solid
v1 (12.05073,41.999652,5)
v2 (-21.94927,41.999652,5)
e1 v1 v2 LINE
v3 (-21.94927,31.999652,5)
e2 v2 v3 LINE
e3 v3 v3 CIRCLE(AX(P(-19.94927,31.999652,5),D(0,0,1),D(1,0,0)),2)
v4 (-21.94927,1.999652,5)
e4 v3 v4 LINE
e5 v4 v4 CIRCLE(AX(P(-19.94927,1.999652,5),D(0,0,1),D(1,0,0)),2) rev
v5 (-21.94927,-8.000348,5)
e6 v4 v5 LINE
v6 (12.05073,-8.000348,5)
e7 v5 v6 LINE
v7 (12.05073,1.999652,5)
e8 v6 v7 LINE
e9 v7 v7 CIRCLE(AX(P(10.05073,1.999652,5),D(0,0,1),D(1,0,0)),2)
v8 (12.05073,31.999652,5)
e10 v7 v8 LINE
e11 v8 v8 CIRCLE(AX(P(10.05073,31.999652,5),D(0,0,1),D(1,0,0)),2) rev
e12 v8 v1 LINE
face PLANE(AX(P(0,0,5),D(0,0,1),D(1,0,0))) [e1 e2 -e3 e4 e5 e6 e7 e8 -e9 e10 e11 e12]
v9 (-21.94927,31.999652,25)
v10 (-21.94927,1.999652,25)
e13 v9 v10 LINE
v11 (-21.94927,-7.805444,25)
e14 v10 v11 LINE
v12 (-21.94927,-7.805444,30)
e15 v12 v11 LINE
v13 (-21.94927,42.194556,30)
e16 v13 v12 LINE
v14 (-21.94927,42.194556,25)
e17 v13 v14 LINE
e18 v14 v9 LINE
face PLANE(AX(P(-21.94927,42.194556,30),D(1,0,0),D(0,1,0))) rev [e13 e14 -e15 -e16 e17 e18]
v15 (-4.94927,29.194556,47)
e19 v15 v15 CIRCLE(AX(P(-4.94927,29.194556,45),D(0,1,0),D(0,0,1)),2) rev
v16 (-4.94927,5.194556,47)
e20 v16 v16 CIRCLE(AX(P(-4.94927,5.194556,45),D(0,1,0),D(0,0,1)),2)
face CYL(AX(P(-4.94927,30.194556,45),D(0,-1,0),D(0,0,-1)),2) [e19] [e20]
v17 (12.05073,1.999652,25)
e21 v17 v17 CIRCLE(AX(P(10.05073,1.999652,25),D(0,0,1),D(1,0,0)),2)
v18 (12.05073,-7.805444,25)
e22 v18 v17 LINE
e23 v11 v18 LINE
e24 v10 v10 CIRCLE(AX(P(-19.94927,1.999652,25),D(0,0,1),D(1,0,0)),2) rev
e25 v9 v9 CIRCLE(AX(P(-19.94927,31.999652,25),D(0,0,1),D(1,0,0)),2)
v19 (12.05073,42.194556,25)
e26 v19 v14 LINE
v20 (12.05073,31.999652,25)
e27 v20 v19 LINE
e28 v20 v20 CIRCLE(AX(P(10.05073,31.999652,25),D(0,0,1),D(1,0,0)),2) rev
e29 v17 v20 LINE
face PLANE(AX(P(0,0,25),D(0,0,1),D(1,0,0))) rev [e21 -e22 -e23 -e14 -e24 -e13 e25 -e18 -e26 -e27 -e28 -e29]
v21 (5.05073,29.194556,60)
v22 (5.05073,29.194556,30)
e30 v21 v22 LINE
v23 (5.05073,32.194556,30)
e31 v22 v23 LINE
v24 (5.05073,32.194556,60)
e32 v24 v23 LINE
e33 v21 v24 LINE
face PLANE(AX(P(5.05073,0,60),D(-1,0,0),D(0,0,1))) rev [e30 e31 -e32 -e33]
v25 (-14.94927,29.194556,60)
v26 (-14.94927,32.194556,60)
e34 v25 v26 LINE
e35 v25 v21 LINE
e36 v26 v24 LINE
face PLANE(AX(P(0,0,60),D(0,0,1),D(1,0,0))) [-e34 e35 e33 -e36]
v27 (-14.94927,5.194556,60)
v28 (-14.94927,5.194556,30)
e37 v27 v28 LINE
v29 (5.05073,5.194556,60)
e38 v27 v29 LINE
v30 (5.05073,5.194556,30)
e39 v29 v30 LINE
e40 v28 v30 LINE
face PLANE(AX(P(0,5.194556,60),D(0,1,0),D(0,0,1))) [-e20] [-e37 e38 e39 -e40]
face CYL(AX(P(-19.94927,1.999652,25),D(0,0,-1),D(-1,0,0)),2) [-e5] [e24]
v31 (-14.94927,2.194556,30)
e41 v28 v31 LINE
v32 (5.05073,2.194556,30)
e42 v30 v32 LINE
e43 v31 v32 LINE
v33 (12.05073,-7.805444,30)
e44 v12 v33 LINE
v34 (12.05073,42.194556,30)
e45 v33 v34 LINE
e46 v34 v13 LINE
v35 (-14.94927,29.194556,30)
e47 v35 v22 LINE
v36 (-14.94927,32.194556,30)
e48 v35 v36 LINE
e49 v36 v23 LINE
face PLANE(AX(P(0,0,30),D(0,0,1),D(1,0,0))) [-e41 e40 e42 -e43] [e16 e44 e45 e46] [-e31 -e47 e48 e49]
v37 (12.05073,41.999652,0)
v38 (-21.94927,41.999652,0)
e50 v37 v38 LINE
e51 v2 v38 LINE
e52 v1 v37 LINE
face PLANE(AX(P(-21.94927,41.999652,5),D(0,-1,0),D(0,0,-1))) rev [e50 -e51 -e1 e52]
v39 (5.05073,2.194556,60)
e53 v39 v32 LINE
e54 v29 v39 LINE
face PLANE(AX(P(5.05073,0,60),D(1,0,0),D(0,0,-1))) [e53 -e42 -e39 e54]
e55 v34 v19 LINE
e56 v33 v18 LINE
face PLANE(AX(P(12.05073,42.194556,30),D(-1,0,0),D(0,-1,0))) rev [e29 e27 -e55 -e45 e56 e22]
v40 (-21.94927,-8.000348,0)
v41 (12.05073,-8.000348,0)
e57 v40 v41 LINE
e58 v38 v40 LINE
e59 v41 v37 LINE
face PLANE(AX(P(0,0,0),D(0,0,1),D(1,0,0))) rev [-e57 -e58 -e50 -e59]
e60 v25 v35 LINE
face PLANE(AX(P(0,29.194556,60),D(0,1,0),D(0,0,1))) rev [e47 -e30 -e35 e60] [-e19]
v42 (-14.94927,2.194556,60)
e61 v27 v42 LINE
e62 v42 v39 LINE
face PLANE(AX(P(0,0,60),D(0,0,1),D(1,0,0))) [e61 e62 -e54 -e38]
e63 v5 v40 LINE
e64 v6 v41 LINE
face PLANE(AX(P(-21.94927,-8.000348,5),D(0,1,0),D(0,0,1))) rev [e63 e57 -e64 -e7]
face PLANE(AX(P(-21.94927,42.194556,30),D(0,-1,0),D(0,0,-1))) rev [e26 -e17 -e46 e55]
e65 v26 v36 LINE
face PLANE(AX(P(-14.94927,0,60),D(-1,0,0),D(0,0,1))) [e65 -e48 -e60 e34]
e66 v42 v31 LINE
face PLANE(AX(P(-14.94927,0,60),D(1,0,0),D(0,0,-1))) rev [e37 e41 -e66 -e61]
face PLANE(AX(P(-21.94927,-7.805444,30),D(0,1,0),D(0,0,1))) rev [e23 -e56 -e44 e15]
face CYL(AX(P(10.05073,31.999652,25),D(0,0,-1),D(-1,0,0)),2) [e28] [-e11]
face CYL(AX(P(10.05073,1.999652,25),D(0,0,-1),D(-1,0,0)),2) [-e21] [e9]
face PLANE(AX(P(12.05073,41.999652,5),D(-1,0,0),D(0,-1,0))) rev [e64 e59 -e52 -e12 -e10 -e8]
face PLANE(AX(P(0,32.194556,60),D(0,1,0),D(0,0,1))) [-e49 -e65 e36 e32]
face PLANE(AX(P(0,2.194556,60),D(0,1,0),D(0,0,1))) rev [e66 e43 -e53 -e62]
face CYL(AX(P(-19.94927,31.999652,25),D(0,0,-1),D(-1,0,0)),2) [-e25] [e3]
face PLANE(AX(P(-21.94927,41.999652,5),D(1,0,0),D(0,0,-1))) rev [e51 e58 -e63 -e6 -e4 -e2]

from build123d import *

# Parameters (mm, degrees)
SKETCH_1_W      = 34
SKETCH_1_H      = 50
EXTRUDE_1_DEPTH = 5
SKETCH_2_R      = 2
EXTRUDE_2_DEPTH = 20
SKETCH_3_W      = 34
SKETCH_3_H      = 50
EXTRUDE_3_DEPTH = 5
SKETCH_4_W      = 20
SKETCH_4_H      = 3
EXTRUDE_4_DEPTH = 30
SKETCH_5_R      = 2
EXTRUDE_5_DEPTH = 25


with BuildPart() as part:
    # 草图1 → 凸台-拉伸1 (new body)
    with BuildSketch(Plane.XY):
        with Locations((-4.949270059, 16.999651533)):
            Rectangle(SKETCH_1_W, SKETCH_1_H)
    extrude(amount=EXTRUDE_1_DEPTH)

    # 草图2 → 凸台-拉伸2 (add)
    with BuildSketch(Plane.XY.offset(5)):
        with Locations((-19.949270059, 31.999651533)):
            Circle(SKETCH_2_R)
        with Locations((-19.949270059, 1.999651533)):
            Circle(SKETCH_2_R)
        with Locations((10.050729941, 31.999651533)):
            Circle(SKETCH_2_R)
        with Locations((10.050729941, 1.999651533)):
            Circle(SKETCH_2_R)
    extrude(amount=EXTRUDE_2_DEPTH)

    # 草图3 → 凸台-拉伸3 (add)
    with BuildSketch(Plane.XY.offset(25)):
        with Locations((-4.949270059, 17.194555641)):
            Rectangle(SKETCH_3_W, SKETCH_3_H)
    extrude(amount=EXTRUDE_3_DEPTH)

    # 草图4 → 凸台-拉伸4 (add)
    with BuildSketch(Plane.XY.offset(30)):
        with Locations((-4.949270059, 30.694555641)):
            Rectangle(SKETCH_4_W, SKETCH_4_H)
        with Locations((-4.949270059, 3.694555641)):
            Rectangle(SKETCH_4_W, SKETCH_4_H)
    extrude(amount=EXTRUDE_4_DEPTH)

    # 草图5 → 凸台-拉伸5 (add)
    with BuildSketch(Plane(origin=(0, 5.194555641, 0), x_dir=(1, 0, 0), z_dir=(0, 1, 0))):
        with Locations((-4.949270059, -45)):
            Circle(SKETCH_5_R)
    extrude(amount=EXTRUDE_5_DEPTH)


solid = part.part
